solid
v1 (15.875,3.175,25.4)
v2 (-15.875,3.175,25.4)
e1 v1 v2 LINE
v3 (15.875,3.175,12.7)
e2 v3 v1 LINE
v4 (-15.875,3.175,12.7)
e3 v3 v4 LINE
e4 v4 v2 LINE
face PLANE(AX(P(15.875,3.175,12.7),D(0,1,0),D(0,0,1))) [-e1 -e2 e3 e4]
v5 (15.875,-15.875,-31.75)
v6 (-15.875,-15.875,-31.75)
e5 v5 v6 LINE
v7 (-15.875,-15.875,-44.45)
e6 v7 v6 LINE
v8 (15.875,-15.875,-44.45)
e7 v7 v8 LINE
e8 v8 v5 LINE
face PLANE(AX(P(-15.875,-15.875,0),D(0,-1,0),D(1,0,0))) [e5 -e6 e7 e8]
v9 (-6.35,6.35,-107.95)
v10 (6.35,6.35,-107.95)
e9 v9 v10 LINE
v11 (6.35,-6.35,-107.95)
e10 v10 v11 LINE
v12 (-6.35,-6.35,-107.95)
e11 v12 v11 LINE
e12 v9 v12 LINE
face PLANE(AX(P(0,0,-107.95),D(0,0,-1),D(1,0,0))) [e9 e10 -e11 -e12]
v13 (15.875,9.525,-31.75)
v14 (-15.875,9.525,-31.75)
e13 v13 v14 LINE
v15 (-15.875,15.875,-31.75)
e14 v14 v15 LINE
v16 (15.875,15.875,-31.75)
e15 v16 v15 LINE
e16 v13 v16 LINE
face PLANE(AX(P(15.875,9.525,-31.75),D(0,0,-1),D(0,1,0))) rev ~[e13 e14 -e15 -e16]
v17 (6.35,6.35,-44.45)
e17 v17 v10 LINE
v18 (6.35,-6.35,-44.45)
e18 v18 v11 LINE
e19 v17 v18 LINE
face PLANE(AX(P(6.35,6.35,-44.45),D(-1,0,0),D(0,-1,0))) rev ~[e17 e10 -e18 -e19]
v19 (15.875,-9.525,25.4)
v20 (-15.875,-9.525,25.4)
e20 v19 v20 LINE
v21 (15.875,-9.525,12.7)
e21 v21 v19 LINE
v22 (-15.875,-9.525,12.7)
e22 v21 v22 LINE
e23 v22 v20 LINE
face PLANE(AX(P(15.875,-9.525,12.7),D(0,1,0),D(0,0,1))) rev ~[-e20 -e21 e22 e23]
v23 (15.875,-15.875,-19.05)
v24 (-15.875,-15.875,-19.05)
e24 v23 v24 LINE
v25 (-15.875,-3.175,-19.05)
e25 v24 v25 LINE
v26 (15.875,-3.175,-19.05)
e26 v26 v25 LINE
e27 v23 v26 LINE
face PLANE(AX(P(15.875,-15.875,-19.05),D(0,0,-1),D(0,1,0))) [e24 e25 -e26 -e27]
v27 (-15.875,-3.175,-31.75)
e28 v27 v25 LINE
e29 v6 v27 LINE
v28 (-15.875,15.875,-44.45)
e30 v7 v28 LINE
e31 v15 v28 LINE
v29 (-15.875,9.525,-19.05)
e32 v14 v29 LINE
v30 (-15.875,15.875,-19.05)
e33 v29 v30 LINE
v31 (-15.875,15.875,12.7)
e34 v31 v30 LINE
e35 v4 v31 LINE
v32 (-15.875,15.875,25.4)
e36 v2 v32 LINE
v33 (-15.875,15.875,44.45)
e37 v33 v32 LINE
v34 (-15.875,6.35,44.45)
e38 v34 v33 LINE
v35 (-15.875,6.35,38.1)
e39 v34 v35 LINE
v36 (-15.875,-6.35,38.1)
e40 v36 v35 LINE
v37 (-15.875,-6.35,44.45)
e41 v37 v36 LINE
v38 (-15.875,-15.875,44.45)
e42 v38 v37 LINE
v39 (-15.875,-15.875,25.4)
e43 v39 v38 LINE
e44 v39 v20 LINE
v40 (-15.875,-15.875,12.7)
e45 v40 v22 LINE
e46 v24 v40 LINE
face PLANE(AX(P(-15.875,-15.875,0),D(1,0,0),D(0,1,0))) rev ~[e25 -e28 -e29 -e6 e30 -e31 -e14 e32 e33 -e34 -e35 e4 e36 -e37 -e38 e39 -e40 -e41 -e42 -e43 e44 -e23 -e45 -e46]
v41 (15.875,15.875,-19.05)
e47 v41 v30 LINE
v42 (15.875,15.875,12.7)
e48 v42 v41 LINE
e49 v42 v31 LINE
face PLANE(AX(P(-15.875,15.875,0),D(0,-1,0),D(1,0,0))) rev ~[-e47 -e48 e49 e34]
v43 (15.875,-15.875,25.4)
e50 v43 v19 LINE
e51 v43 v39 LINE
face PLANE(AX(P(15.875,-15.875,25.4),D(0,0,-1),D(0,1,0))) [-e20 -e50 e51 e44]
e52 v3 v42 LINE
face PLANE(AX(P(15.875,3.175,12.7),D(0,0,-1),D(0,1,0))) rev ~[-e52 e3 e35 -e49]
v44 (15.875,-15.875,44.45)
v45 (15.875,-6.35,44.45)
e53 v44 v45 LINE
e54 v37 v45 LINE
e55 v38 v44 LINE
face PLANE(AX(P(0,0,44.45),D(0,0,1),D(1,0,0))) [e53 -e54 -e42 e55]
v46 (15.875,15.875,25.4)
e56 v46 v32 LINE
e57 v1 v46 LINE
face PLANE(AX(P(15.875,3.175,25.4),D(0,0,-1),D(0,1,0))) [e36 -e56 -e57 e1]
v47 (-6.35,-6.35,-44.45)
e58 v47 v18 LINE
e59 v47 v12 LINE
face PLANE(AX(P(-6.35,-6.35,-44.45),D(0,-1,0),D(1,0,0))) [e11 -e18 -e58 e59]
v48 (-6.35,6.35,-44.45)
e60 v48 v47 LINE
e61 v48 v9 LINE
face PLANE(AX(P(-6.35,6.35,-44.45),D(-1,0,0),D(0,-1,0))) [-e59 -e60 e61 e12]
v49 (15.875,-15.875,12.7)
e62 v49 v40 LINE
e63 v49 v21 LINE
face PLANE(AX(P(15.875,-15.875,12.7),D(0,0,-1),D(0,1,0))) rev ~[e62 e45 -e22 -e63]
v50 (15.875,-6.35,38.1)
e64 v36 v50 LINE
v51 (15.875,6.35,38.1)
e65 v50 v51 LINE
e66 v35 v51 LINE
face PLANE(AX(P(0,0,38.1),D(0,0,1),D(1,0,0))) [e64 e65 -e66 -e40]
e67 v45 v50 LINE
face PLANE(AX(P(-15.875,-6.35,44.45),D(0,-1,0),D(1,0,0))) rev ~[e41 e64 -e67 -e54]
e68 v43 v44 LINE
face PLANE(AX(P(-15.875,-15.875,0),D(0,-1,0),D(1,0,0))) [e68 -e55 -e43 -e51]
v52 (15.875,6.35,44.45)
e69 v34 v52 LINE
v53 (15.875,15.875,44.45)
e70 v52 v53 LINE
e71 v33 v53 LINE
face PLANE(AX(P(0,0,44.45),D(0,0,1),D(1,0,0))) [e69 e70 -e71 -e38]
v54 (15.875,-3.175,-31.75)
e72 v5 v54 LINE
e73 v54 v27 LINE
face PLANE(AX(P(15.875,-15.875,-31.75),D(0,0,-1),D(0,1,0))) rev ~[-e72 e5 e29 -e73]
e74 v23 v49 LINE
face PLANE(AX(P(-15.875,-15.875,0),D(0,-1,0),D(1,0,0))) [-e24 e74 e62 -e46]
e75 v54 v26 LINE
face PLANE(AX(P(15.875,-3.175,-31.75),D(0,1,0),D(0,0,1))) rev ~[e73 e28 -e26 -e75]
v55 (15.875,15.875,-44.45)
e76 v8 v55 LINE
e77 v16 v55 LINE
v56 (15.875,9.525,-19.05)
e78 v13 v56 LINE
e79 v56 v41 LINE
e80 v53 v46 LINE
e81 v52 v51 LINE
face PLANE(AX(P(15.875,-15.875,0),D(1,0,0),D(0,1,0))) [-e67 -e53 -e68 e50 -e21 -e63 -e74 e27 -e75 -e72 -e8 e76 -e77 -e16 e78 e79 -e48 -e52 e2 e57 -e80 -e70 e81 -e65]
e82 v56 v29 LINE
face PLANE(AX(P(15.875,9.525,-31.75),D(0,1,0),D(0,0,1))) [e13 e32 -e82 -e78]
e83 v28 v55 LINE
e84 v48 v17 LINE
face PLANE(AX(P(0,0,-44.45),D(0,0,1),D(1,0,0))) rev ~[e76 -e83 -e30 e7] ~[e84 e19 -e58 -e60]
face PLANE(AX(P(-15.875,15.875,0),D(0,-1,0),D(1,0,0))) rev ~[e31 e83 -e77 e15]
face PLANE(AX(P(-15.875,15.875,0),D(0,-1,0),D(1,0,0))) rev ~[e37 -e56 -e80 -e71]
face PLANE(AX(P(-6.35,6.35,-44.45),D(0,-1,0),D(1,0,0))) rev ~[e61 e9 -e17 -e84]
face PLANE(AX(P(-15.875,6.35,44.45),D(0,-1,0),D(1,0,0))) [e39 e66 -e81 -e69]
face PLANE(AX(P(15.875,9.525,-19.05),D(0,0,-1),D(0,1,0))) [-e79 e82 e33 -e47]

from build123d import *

# Parameters (mm, degrees)
F0_W     = 31.75
F0_H     = 31.75
F1_DEPTH = 44.45
F2_W     = 12.7
F2_H     = 12.7
F3_DEPTH = 63.5
F4_W     = 31.75
F4_H     = 12.7
F5_DEPTH = 6.35
F6_W     = 12.7
F6_H     = 12.7
F6_W_2   = 6.35
F7_DEPTH = 31.75


with BuildPart() as f1:
    # F0 (on Top) → F1 (new body, symmetric)
    with BuildSketch(Plane.XY):
        Rectangle(F0_W, F0_H)
    extrude(amount=F1_DEPTH, both=True)

    # F2 (on face) → F3 (join)
    with BuildSketch(Plane(origin=(0, 0, -44.45), x_dir=(1, 0, 0), z_dir=(0, 0, -1))):
        Rectangle(F2_W, F2_H)
    extrude(amount=F3_DEPTH)

    # F4 (on face) → F5 (cut)
    with BuildSketch(Plane.XY.offset(44.45)):
        Rectangle(F4_W, F4_H)
    extrude(amount=-F5_DEPTH, mode=Mode.SUBTRACT)

    # F6 (on face) → F7 (cut, through all)
    with BuildSketch(Plane.YZ.offset(15.875)):
        with Locations((9.525, 19.05)):
            Rectangle(F6_W, F6_H)
        with Locations((12.7, -25.4)):
            Rectangle(F6_W_2, F6_H)
        with Locations((-9.525, -25.4)):
            Rectangle(F6_W, F6_H)
        with Locations((-12.7, 19.05)):
            Rectangle(F6_W_2, F6_H)
    extrude(amount=-F7_DEPTH, mode=Mode.SUBTRACT)


solid = f1.part
